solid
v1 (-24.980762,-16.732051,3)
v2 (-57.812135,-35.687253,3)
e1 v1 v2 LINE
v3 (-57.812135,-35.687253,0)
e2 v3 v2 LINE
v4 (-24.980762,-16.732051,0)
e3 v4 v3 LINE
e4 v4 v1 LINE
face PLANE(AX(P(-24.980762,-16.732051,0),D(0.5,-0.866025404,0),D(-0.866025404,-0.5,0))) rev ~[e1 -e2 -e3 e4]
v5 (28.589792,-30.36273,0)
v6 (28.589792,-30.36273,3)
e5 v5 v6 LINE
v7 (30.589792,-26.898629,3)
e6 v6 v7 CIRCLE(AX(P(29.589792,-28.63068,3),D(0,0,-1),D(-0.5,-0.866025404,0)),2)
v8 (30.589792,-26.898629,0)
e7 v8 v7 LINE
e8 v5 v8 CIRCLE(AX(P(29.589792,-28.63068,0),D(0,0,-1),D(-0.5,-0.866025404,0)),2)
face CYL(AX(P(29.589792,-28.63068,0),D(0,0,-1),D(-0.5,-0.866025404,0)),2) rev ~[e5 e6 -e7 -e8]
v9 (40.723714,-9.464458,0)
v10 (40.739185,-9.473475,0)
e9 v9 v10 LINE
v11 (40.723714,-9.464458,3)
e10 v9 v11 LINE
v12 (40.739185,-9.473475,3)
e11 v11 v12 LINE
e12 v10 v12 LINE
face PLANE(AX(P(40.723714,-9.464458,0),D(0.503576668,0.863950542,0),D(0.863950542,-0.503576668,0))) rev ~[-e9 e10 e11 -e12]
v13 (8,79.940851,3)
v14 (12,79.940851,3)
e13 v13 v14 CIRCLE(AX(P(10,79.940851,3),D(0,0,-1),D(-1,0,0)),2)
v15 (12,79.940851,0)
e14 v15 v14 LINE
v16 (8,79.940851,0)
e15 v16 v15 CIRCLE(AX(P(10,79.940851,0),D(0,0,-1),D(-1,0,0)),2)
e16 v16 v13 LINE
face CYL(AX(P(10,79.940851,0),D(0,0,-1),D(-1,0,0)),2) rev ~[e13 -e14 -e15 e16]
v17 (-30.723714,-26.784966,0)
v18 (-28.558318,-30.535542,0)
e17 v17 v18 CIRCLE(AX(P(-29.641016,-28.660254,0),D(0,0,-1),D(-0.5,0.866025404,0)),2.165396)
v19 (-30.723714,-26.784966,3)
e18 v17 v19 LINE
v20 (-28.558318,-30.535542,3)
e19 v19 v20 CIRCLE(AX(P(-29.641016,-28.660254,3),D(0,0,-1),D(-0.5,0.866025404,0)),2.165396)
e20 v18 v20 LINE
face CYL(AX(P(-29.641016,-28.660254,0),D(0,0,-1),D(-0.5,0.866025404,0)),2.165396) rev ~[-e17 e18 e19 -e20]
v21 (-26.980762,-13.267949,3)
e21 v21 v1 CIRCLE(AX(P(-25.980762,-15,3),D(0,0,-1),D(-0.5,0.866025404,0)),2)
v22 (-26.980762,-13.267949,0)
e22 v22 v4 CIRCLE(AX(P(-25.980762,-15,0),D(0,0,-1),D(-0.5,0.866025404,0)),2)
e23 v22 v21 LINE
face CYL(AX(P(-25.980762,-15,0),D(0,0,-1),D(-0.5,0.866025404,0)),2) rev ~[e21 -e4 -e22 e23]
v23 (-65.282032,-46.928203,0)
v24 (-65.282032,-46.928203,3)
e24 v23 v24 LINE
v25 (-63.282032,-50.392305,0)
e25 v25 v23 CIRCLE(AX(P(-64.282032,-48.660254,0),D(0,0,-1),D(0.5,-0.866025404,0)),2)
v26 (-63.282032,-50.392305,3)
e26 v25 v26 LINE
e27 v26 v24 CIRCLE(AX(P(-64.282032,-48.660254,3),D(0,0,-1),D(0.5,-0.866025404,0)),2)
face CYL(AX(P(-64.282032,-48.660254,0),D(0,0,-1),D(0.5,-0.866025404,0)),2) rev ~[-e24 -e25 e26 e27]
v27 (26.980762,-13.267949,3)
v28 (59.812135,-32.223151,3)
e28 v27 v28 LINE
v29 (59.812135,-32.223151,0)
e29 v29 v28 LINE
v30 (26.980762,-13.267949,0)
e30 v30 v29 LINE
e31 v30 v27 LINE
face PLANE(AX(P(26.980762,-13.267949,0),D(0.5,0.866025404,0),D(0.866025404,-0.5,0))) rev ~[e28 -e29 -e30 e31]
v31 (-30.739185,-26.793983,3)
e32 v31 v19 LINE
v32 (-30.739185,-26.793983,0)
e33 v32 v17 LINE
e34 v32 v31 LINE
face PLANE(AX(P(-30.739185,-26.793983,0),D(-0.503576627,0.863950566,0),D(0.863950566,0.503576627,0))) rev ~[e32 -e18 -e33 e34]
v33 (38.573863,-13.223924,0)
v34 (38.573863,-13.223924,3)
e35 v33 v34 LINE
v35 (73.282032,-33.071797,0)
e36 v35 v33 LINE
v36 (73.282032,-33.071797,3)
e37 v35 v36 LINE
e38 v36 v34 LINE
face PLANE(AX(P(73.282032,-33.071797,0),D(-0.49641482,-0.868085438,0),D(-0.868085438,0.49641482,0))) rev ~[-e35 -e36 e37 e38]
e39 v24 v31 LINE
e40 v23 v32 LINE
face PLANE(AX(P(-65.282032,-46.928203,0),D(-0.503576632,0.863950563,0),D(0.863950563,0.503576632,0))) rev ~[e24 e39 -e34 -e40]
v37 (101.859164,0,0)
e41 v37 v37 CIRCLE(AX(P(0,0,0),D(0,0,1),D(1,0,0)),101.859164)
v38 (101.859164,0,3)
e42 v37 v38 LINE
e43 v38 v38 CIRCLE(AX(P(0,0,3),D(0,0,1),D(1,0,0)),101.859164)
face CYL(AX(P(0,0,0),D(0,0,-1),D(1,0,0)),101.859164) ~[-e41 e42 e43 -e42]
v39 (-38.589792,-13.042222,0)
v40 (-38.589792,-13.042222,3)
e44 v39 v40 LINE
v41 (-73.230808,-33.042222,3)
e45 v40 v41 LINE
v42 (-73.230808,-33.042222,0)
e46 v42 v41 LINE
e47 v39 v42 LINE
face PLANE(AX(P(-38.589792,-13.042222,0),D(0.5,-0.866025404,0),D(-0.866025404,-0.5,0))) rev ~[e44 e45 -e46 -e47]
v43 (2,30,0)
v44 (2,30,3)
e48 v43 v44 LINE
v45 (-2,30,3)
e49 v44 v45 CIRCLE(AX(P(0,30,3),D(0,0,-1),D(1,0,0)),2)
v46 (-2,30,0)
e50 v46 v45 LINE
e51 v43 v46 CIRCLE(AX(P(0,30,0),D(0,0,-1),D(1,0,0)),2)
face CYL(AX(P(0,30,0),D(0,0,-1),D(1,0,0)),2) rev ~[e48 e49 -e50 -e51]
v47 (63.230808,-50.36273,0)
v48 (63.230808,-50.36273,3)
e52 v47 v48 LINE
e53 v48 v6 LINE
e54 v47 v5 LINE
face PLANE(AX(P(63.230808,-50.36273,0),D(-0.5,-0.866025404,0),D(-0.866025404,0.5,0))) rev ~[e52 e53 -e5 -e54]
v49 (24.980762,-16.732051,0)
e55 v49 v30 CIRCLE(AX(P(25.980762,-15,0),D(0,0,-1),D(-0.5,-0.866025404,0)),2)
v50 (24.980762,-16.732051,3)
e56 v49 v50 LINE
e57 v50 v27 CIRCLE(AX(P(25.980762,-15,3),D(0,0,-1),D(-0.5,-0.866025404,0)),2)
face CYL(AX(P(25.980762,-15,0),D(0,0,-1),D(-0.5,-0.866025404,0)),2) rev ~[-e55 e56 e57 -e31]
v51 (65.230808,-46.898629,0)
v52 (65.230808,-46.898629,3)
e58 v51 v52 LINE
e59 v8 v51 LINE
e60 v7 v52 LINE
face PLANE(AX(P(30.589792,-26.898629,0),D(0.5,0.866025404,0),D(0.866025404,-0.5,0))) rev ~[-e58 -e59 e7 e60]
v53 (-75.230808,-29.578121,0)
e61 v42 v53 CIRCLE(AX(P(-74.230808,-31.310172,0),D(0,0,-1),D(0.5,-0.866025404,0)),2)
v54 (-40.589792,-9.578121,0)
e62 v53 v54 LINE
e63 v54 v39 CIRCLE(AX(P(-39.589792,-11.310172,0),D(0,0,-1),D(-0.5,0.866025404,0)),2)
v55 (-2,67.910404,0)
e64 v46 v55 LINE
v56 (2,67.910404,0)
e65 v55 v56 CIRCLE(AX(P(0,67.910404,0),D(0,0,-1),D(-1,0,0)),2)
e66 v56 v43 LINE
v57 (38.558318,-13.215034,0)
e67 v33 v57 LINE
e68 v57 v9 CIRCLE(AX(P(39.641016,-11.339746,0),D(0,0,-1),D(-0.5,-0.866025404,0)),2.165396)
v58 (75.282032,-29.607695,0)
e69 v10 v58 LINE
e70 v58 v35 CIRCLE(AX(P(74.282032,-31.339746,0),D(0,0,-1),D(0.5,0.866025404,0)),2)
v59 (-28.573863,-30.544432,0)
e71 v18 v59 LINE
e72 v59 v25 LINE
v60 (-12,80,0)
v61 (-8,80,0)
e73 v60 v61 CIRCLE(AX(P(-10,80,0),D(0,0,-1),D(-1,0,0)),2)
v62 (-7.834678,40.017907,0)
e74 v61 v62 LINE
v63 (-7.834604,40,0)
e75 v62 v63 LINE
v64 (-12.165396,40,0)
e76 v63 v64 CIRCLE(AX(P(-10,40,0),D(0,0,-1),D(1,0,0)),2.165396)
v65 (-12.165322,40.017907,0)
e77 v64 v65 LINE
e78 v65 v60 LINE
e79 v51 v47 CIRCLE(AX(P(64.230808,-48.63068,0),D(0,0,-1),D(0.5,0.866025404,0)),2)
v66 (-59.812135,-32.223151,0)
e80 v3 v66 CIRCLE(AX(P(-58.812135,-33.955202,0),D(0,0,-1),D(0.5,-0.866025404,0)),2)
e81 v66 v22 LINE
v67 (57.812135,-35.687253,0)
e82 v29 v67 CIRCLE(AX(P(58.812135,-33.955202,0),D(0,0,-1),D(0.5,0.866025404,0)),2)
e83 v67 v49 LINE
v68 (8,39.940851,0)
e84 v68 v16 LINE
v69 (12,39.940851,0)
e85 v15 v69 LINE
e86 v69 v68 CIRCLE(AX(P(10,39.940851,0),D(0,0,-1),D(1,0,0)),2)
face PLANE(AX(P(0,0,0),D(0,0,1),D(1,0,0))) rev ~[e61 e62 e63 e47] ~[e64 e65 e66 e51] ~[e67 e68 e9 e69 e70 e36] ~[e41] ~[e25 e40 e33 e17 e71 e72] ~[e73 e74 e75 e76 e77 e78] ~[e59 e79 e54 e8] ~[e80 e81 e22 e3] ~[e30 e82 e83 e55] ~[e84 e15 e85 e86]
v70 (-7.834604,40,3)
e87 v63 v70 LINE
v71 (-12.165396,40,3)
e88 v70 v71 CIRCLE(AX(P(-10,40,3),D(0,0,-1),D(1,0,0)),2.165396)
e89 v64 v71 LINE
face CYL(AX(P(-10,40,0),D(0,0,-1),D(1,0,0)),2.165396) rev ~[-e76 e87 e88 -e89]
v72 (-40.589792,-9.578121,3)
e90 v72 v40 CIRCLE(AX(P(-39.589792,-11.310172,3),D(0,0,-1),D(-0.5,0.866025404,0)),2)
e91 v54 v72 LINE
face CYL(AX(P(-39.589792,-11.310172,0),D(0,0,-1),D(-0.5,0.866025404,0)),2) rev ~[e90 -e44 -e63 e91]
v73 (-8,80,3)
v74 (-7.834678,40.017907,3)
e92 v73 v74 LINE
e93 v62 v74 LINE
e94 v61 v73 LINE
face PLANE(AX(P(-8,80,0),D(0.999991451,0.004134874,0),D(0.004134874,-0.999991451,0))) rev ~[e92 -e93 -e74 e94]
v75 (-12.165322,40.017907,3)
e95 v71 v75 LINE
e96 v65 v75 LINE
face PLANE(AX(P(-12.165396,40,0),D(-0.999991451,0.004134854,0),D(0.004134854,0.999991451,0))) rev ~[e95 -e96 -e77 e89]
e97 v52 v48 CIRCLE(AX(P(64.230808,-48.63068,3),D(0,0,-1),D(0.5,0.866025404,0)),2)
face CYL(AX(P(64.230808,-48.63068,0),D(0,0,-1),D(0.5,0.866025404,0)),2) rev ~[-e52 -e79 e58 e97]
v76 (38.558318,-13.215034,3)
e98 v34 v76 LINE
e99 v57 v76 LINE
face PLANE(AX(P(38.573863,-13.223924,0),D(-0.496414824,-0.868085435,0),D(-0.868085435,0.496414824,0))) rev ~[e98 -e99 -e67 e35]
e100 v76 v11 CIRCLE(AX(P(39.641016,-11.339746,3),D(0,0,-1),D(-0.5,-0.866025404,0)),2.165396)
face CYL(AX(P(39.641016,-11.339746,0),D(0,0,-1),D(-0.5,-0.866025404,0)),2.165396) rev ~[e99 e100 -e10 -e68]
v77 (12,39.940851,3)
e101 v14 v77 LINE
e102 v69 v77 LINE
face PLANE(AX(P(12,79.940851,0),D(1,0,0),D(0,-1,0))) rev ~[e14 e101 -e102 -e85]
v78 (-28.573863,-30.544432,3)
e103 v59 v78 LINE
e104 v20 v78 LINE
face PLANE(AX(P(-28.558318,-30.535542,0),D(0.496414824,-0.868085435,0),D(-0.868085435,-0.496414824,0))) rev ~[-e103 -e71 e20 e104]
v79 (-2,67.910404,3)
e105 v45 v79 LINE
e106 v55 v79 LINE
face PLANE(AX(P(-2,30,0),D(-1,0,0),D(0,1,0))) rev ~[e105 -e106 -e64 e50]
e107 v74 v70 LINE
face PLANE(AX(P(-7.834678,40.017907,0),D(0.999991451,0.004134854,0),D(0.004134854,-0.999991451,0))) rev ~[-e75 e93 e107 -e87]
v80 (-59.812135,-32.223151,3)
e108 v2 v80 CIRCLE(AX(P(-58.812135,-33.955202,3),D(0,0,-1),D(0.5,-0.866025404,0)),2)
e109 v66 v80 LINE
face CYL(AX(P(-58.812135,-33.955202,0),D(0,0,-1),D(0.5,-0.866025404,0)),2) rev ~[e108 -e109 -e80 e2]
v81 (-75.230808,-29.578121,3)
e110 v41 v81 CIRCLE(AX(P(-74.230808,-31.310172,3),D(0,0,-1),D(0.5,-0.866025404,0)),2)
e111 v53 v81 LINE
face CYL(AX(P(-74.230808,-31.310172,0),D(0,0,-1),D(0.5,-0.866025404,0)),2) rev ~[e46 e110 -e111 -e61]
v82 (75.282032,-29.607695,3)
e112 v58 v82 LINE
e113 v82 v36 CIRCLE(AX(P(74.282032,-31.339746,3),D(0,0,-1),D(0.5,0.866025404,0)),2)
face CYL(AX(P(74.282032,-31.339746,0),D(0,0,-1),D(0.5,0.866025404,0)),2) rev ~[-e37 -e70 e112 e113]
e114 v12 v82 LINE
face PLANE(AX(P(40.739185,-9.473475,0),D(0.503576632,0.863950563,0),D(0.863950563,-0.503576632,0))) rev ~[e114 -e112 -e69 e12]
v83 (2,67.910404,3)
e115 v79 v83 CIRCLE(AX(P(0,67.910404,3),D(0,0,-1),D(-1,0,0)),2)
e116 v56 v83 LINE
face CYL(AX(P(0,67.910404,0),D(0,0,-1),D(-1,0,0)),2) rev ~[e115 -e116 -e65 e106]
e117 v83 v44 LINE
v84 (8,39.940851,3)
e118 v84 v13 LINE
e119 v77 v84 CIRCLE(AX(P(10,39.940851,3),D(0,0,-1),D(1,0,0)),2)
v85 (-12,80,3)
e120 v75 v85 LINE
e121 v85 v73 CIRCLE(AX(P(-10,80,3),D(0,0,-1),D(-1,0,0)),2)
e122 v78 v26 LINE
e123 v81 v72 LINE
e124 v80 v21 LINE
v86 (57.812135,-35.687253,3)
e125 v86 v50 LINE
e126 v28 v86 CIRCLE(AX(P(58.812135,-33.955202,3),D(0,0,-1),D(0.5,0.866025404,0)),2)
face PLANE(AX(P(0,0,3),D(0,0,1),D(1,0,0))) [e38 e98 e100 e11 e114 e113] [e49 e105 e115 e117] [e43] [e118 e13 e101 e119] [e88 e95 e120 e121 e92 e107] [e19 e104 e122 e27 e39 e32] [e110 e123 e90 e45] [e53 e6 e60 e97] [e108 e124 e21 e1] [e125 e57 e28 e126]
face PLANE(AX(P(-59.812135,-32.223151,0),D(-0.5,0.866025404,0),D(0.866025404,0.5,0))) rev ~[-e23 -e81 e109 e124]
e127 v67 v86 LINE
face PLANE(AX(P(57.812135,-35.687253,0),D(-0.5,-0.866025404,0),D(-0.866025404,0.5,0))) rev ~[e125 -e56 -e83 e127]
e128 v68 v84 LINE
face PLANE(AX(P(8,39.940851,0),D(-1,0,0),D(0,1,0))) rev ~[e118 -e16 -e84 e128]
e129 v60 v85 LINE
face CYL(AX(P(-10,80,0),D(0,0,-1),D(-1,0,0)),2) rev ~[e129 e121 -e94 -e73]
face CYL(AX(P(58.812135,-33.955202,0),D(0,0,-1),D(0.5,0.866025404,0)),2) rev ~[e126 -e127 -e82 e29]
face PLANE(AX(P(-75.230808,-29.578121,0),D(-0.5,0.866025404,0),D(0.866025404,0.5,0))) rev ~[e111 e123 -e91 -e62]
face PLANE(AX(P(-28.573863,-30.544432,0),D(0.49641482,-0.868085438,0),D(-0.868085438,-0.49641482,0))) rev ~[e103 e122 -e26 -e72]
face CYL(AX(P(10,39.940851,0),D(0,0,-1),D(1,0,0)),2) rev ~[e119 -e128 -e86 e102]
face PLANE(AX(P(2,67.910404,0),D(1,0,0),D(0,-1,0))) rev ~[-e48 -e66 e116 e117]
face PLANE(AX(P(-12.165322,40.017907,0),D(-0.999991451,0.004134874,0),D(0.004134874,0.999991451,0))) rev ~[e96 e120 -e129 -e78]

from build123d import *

# Parameters (mm, degrees)
SKETCH1_R           = 101.859163579
BOSS_EXTRUDE1_DEPTH = 3


with BuildPart() as part:
    # Sketch1 → Boss-Extrude1 (new body)
    with BuildSketch(Plane.XY):
        Circle(SKETCH1_R)
        with BuildLine():
            Line((-38.589791853, -13.042222407), (-73.230808005, -33.042222407))
            ThreePointArc((-73.230808005, -33.042222407), (-75.962858812, -32.3101716), (-75.230808005, -29.578120792))
            Line((-75.230808005, -29.578120792), (-40.589791853, -9.578120792))
            ThreePointArc((-40.589791853, -9.578120792), (-37.857741046, -10.3101716), (-38.589791853, -13.042222407))
        make_face(mode=Mode.SUBTRACT)
        with BuildLine():
            Line((-28.573863011, -30.544431757), (-63.282032303, -50.392304845))
            ThreePointArc((-63.282032303, -50.392304845), (-66.01408311, -49.660254038), (-65.282032303, -46.92820323))
            Line((-65.282032303, -46.92820323), (-30.739185351, -26.793983449))
            Line((-30.739185351, -26.793983449), (-30.723714344, -26.78496576))
            ThreePointArc((-30.723714344, -26.78496576), (-27.765727873, -27.577555846), (-28.558317959, -30.535542316))
            Line((-28.558317959, -30.535542316), (-28.573863011, -30.544431757))
        make_face(mode=Mode.SUBTRACT)
        with BuildLine():
            Line((-24.980762114, -16.732050808), (-57.812135025, -35.687252796))
            ThreePointArc((-57.812135025, -35.687252796), (-60.544185832, -34.955201988), (-59.812135025, -32.223151181))
            Line((-59.812135025, -32.223151181), (-26.980762114, -13.267949192))
            ThreePointArc((-26.980762114, -13.267949192), (-24.248711306, -14), (-24.980762114, -16.732050808))
        make_face(mode=Mode.SUBTRACT)
        with BuildLine():
            Line((30.589791853, -26.898628868), (65.230808005, -46.898628868))
            ThreePointArc((65.230808005, -46.898628868), (65.962858812, -49.630679675), (63.230808005, -50.362730483))
            Line((63.230808005, -50.362730483), (28.589791853, -30.362730483))
            ThreePointArc((28.589791853, -30.362730483), (27.857741046, -27.630679675), (30.589791853, -26.898628868))
        make_face(mode=Mode.SUBTRACT)
        with BuildLine():
            Line((26.980762114, -13.267949192), (59.812135025, -32.223151181))
            ThreePointArc((59.812135025, -32.223151181), (60.544185832, -34.955201988), (57.812135025, -35.687252796))
            Line((57.812135025, -35.687252796), (24.980762114, -16.732050808))
            ThreePointArc((24.980762114, -16.732050808), (24.248711306, -14), (26.980762114, -13.267949192))
        make_face(mode=Mode.SUBTRACT)
        with BuildLine():
            Line((40.739185351, -9.473475374), (75.282032303, -29.607695155))
            ThreePointArc((75.282032303, -29.607695155), (76.01408311, -32.339745962), (73.282032303, -33.07179677))
            Line((73.282032303, -33.07179677), (38.573863011, -13.223923681))
            Line((38.573863011, -13.223923681), (38.558317959, -13.21503424))
            ThreePointArc((38.558317959, -13.21503424), (37.765727873, -10.25704777), (40.723714344, -9.464457684))
            Line((40.723714344, -9.464457684), (40.739185351, -9.473475374))
        make_face(mode=Mode.SUBTRACT)
        with BuildLine():
            Line((-2, 30), (-2, 67.910403976))
            ThreePointArc((-2, 67.910403976), (0, 69.910403976), (2, 67.910403976))
            Line((2, 67.910403976), (2, 30))
            ThreePointArc((2, 30), (0, 28), (-2, 30))
        make_face(mode=Mode.SUBTRACT)
        with BuildLine():
            Line((-12.16532234, 40.01790713), (-12, 80))
            ThreePointArc((-12, 80), (-10, 82), (-8, 80))
            Line((-8, 80), (-7.83467766, 40.01790713))
            Line((-7.83467766, 40.01790713), (-7.834603616, 40))
            ThreePointArc((-7.834603616, 40), (-10, 37.834603616), (-12.165396384, 40))
            Line((-12.165396384, 40), (-12.16532234, 40.01790713))
        make_face(mode=Mode.SUBTRACT)
        with BuildLine():
            Line((8, 39.940851275), (8, 79.940851275))
            ThreePointArc((8, 79.940851275), (10, 81.940851275), (12, 79.940851275))
            Line((12, 79.940851275), (12, 39.940851275))
            ThreePointArc((12, 39.940851275), (10, 37.940851275), (8, 39.940851275))
        make_face(mode=Mode.SUBTRACT)
    extrude(amount=BOSS_EXTRUDE1_DEPTH)


solid = part.part
